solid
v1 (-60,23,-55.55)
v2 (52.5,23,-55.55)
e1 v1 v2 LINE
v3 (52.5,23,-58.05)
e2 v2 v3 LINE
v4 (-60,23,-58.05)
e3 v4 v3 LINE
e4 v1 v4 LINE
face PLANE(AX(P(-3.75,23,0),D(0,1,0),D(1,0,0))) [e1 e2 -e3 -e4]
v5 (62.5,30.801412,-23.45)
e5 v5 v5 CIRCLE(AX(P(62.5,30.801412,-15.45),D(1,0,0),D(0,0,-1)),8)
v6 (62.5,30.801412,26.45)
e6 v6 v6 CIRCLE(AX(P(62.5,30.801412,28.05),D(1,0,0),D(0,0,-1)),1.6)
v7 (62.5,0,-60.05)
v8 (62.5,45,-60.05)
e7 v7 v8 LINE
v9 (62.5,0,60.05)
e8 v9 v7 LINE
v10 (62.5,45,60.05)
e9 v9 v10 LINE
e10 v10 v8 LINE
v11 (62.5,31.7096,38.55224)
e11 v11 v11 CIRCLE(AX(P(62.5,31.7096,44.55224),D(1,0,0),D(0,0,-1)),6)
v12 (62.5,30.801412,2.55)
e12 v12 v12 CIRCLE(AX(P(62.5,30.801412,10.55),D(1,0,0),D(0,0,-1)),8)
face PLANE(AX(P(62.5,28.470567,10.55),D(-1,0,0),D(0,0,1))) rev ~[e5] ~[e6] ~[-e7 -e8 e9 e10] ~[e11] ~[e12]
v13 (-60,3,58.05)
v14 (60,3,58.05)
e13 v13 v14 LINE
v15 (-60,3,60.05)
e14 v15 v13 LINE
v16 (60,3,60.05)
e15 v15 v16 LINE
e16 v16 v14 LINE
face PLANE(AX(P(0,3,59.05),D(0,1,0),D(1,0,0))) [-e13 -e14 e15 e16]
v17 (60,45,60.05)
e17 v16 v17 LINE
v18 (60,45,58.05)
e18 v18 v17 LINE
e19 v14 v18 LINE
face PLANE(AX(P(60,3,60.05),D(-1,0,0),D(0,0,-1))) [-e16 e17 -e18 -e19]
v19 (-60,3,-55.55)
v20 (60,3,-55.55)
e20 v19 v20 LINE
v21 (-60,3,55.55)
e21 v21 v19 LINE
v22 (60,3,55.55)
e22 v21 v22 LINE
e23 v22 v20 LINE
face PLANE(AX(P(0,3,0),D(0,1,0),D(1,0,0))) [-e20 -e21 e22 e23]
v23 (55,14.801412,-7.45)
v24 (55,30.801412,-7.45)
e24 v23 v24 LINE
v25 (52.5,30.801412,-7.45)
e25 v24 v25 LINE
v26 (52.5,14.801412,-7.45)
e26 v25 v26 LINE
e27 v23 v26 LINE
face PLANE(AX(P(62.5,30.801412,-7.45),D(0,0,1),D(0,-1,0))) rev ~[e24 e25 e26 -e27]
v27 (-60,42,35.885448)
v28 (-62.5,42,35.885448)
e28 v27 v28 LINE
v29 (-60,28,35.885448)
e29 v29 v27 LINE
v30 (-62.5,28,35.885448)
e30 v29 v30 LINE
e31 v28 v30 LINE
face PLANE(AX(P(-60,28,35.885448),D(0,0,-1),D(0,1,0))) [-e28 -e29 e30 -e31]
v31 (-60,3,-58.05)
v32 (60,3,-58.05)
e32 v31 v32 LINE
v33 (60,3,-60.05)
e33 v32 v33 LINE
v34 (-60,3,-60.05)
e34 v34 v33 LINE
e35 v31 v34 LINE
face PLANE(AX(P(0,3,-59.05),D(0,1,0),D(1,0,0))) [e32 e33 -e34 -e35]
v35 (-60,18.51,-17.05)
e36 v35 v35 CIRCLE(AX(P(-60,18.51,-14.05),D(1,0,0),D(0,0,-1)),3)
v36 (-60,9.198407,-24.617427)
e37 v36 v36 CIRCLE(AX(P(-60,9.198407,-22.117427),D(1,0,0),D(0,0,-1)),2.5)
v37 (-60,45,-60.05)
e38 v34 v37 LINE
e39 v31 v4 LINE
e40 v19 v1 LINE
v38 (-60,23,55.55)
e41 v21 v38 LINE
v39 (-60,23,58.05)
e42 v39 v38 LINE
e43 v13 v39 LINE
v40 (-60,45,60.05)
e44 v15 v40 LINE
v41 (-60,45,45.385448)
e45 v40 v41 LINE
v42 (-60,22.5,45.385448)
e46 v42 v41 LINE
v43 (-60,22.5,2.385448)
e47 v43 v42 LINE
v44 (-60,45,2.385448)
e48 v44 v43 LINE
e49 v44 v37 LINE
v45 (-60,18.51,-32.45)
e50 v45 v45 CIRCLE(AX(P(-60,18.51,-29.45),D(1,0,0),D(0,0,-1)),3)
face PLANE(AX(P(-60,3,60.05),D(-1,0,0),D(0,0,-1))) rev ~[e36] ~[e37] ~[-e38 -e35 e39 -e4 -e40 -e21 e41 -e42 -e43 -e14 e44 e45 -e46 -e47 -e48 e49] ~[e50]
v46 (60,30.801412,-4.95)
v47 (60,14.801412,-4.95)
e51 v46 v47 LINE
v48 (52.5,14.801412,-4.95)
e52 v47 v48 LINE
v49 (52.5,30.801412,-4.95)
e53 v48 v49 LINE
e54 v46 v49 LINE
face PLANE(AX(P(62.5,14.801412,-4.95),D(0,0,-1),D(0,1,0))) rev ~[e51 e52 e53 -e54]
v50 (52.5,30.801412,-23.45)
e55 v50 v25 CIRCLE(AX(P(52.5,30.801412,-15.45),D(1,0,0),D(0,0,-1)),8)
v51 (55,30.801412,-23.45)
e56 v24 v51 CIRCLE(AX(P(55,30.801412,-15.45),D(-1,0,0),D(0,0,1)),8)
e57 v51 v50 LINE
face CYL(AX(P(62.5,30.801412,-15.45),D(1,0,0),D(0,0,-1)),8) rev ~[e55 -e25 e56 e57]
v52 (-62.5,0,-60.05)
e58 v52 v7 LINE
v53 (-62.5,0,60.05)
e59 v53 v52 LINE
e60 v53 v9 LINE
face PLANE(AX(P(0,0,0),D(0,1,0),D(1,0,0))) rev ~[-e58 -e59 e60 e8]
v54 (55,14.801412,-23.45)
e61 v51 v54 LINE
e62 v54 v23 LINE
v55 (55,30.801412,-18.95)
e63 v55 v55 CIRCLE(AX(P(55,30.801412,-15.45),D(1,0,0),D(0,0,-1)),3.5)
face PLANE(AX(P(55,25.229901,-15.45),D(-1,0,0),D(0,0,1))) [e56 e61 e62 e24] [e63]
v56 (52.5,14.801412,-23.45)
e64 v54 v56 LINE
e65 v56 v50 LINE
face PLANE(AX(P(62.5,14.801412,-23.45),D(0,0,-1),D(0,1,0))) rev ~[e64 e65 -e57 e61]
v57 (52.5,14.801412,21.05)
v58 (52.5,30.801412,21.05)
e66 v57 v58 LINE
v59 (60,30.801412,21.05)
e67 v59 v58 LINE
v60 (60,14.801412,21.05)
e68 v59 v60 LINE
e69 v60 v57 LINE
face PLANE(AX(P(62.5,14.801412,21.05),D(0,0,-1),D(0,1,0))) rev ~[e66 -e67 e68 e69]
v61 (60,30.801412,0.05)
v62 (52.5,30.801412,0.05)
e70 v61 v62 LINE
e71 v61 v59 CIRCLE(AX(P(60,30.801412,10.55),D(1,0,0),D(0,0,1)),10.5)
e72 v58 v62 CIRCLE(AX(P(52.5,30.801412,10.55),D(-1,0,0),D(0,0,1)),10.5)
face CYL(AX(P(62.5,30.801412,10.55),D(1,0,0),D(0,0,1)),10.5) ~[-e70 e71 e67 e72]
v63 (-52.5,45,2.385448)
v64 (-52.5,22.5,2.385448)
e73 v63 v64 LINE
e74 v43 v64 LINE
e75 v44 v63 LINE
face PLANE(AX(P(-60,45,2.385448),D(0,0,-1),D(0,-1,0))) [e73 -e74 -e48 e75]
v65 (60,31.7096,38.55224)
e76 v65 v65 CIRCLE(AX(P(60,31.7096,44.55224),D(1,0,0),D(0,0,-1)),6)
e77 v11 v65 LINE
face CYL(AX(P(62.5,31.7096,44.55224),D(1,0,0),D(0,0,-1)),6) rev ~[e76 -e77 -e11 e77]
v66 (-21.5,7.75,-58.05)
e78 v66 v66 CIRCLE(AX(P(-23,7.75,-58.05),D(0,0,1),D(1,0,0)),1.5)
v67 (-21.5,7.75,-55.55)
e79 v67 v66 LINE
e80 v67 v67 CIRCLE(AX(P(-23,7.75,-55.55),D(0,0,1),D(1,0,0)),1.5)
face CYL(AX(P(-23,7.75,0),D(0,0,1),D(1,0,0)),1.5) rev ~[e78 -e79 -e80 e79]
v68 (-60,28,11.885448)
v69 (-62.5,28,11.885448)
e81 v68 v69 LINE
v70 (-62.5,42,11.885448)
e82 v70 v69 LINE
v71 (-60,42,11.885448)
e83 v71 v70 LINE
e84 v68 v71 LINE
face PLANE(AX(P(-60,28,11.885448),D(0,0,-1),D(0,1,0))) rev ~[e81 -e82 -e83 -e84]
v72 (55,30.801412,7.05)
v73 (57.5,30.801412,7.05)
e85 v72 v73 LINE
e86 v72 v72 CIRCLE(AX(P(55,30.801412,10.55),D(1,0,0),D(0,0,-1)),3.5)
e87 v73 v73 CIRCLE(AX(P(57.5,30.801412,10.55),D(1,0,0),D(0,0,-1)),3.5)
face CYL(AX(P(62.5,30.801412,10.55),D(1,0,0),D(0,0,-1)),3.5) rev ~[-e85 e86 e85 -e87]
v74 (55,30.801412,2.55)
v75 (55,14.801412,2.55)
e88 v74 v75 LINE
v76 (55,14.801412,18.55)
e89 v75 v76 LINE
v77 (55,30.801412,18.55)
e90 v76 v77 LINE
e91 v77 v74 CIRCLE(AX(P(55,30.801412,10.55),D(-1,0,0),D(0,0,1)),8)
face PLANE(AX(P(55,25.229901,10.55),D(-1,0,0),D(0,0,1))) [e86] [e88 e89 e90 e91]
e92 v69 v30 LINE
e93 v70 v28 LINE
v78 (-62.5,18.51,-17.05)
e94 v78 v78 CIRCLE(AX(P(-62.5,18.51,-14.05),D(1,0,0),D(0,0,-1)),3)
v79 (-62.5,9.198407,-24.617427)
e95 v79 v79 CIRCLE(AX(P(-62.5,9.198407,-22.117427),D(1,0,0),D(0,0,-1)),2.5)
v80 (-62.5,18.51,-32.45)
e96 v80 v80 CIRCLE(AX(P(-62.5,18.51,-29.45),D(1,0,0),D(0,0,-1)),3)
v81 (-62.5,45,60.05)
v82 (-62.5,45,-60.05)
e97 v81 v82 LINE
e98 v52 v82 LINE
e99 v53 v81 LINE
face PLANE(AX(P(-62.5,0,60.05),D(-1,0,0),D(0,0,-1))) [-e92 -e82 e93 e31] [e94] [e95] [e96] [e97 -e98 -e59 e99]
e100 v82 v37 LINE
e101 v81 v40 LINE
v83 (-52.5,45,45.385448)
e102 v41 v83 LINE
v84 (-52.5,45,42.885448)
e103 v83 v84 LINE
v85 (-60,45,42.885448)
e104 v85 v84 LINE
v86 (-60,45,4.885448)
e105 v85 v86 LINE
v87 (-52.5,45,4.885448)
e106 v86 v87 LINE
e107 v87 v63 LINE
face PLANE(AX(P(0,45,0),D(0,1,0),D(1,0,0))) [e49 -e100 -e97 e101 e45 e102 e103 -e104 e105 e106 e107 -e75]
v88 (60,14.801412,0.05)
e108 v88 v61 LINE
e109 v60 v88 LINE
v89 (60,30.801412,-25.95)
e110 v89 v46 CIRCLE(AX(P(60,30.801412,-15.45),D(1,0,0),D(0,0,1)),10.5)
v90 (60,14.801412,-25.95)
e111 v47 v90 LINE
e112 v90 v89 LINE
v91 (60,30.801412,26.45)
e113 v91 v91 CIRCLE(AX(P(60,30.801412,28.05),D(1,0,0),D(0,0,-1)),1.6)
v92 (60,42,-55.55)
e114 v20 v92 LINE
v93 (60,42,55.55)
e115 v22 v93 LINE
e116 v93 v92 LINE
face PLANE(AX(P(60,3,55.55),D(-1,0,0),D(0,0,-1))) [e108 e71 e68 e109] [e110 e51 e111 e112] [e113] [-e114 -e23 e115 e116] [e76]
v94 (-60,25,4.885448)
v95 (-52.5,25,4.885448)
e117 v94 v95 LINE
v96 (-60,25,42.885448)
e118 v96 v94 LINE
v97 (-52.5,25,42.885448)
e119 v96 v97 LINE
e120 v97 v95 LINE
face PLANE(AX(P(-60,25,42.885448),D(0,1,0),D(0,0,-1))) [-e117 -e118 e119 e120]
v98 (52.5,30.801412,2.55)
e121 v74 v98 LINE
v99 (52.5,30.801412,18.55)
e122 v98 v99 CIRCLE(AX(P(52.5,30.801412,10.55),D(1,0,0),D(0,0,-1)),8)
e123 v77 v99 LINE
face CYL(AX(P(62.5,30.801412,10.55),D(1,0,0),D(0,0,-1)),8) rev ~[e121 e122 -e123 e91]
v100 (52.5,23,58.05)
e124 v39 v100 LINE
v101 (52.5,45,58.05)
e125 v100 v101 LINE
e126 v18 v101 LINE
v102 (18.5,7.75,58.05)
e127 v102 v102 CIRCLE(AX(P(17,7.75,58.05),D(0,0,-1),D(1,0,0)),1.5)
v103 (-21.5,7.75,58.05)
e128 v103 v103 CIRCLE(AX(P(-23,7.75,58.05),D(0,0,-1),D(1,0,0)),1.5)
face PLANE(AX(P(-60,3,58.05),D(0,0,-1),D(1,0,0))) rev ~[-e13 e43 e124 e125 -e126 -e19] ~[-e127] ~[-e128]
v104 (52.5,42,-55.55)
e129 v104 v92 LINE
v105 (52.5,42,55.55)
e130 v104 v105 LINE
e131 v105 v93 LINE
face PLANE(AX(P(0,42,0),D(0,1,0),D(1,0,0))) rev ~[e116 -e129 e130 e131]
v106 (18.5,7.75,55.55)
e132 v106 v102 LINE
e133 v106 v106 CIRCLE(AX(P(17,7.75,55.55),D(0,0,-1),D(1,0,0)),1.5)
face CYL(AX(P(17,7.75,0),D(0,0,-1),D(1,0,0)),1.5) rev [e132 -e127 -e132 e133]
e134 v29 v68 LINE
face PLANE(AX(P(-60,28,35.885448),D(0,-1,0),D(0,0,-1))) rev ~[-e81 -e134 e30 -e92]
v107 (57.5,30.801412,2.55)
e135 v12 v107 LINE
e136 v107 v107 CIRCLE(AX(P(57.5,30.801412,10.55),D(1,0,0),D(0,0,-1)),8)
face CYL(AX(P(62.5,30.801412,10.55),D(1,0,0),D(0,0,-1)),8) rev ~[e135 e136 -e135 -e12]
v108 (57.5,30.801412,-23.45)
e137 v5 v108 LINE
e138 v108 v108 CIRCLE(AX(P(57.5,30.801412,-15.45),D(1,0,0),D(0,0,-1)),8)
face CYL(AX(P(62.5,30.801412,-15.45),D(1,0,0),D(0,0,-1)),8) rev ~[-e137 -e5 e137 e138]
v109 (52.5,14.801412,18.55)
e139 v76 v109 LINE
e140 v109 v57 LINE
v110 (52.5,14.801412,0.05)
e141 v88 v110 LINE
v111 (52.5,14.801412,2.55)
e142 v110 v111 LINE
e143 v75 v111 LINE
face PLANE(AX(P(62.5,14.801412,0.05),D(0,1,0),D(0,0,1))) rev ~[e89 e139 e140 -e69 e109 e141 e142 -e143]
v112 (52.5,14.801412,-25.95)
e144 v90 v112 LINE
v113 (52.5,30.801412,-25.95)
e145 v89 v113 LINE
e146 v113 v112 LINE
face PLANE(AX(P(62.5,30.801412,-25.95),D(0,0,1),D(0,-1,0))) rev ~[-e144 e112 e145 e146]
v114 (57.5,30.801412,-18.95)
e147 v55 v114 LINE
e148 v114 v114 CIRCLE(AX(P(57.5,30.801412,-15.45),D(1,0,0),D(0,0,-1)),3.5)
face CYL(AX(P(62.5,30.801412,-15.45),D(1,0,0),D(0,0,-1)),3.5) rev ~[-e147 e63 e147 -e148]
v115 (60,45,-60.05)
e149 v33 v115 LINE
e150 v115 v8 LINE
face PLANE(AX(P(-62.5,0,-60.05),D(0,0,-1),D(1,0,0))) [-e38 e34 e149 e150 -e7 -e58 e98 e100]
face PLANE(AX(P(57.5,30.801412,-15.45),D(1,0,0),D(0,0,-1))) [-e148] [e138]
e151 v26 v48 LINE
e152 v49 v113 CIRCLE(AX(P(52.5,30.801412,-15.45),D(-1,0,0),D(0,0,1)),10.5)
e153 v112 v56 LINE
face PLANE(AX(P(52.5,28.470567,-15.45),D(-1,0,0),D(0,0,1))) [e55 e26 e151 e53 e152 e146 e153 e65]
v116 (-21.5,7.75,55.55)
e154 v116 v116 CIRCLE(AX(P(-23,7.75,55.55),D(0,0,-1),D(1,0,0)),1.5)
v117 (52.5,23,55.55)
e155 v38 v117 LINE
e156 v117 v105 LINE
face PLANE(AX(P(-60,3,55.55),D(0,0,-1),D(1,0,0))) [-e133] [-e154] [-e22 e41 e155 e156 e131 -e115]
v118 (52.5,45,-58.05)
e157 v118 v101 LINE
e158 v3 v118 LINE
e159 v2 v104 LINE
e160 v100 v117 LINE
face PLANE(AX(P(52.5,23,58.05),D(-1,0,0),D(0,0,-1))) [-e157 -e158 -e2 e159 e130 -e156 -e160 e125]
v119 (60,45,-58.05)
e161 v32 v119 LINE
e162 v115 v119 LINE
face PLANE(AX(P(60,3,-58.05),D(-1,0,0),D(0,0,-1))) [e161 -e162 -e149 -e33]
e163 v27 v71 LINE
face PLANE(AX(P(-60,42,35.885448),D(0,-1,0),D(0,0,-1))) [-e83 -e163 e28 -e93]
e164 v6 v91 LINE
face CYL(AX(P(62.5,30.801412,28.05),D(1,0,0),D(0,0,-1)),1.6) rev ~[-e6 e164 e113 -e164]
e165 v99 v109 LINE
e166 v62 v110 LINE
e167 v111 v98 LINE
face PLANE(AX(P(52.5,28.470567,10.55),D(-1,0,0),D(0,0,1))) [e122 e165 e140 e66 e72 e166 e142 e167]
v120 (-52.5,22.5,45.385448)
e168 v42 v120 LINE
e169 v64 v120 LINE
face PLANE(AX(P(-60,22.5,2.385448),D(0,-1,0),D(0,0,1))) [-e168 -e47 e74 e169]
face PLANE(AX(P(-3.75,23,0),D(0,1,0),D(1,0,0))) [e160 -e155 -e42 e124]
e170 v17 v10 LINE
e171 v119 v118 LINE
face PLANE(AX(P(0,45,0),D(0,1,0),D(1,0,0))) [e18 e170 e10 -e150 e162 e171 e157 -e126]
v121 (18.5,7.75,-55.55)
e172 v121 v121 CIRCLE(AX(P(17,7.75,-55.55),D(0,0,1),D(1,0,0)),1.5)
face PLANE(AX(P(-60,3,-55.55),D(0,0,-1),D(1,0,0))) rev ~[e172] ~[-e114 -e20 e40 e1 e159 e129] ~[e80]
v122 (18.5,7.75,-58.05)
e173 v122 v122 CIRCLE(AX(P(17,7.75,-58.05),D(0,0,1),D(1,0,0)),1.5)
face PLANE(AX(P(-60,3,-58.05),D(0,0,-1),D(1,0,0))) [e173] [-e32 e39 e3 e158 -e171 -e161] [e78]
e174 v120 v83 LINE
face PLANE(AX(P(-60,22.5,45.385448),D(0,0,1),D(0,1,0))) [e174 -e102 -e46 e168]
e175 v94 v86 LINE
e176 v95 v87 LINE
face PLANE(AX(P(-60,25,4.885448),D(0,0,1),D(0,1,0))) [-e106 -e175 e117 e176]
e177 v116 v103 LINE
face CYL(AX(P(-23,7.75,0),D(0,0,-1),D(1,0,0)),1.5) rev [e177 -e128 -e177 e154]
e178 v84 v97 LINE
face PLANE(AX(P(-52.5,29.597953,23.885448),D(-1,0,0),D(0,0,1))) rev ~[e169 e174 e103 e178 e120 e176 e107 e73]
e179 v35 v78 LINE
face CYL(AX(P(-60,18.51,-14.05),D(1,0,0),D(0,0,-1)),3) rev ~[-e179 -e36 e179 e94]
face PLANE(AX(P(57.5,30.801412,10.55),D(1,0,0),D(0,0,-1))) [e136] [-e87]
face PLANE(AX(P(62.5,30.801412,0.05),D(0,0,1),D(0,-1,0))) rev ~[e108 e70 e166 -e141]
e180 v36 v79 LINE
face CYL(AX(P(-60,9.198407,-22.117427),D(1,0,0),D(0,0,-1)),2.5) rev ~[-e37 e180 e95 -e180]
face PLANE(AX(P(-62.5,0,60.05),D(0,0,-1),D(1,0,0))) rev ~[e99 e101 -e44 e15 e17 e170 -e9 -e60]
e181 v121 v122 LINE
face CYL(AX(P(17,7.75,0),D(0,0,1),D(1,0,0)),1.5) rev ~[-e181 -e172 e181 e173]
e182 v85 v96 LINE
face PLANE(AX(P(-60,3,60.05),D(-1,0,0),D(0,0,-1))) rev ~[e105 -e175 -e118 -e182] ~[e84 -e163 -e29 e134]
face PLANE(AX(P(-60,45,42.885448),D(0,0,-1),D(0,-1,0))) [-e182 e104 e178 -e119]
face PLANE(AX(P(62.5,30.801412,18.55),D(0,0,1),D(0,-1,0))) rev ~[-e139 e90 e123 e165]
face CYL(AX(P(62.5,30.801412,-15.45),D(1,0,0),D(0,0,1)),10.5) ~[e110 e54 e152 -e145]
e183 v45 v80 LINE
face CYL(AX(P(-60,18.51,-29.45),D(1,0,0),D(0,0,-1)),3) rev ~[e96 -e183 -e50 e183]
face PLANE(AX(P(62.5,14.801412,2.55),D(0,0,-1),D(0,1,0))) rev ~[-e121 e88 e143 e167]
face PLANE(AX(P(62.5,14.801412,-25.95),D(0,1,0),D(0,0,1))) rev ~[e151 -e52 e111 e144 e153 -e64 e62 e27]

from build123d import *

# Parameters (mm, degrees)
SKETCH2_W                = 125
SKETCH2_H                = 120.1
BOSS_EXTRUDE1_DEPTH      = 45
SKETCH3_W                = 120
SKETCH3_H                = 111.1
CUT_EXTRUDE1_DEPTH       = 39
SKETCH4_W                = 120
SKETCH4_H                = 2
CUT_EXTRUDE3_DEPTH       = 43
LPATTERN1_COUNT          = 2
LPATTERN1_PITCH          = 118.1
SKETCH9_W                = 112.5
SKETCH9_H                = 116.1
CUT_EXTRUDE6_DEPTH       = 23
SKETCH11_R               = 3
CUT_EXTRUDE7_DEPTH       = 3.5
SKETCH15_R               = 2.5
CUT_EXTRUDE9_DEPTH       = 3.5
SKETCH13_W               = 24
SKETCH13_H               = 14
CUT_EXTRUDE10_DEPTH      = 3.5
BOSS_EXTRUDE3_DEPTH      = 7.5
BOSS_EXTRUDE4_DEPTH      = 10
LPATTERN3_COUNT          = 2
LPATTERN3_PITCH          = 26
SKETCH22_R               = 3.5
CUT_EXTRUDE11_DEPTH      = 10
LPATTERN4_COUNT          = 2
LPATTERN4_PITCH          = 26
SKETCH23_R               = 1.6
CUT_EXTRUDE12_DEPTH      = 10
SKETCH26_R               = 3.5
BOSS_EXTRUDE10_DEPTH     = 7.5
LPATTERN9_COUNT          = 2
LPATTERN9_PITCH          = 26
SKETCH27_R               = 6
CUT_EXTRUDE13_DEPTH      = 7.5
SKETCH28_R               = 1.5
CUT_EXTRUDE14_DEPTH      = 61.05
CUT_EXTRUDE14_DEPTH_BACK = 61.05
SKETCH30_R               = 8
CUT_EXTRUDE15_DEPTH      = 5
LPATTERN10_COUNT         = 2
LPATTERN10_PITCH         = 26


with BuildPart() as part:
    # Sketch2 → Boss-Extrude1 (new body)
    with BuildSketch(Plane(origin=(0, 0, 0), x_dir=(1, 0, 0), z_dir=(0, 1, 0))):
        Rectangle(SKETCH2_W, SKETCH2_H)
    extrude(amount=BOSS_EXTRUDE1_DEPTH)

    # Sketch3 → Cut-Extrude1 (cut)
    with BuildSketch(Plane(origin=(0, 3, 0), x_dir=(1, 0, 0), z_dir=(0, 1, 0))):
        Rectangle(SKETCH3_W, SKETCH3_H)
    extrude(amount=CUT_EXTRUDE1_DEPTH, mode=Mode.SUBTRACT)

    # Sketch4 → Cut-Extrude3 (cut, through all)
    with BuildSketch(Plane(origin=(0, 3, 0), x_dir=(1, 0, 0), z_dir=(0, 1, 0))):
        with Locations((0, -59.05)):
            Rectangle(SKETCH4_W, SKETCH4_H)
    cut_extrude3 = extrude(amount=CUT_EXTRUDE3_DEPTH, mode=Mode.SUBTRACT)

    # LPattern1: Cut-Extrude3 ×2
    with Locations(*[(0, 0, -i * LPATTERN1_PITCH) for i in range(1, LPATTERN1_COUNT)]):
        add(cut_extrude3, mode=Mode.SUBTRACT)

    # Sketch9 → Cut-Extrude6 (cut, through all)
    with BuildSketch(Plane(origin=(0, 23, 0), x_dir=(1, 0, 0), z_dir=(0, 1, 0))):
        with Locations((-3.75, 0)):
            Rectangle(SKETCH9_W, SKETCH9_H)
    extrude(amount=CUT_EXTRUDE6_DEPTH, mode=Mode.SUBTRACT)

    # Sketch11 → Cut-Extrude7 (cut, through all)
    with BuildSketch(Plane(origin=(-60, 0, 0), x_dir=(0, 0, -1), z_dir=(1, 0, 0))):
        with Locations((29.45, 18.51)):
            Circle(SKETCH11_R)
        with Locations((14.05, 18.51)):
            Circle(SKETCH11_R)
    extrude(amount=-CUT_EXTRUDE7_DEPTH, mode=Mode.SUBTRACT)

    # Sketch15 → Cut-Extrude9 (cut, through all)
    with BuildSketch(Plane(origin=(-60, 0, 0), x_dir=(0, 0, -1), z_dir=(1, 0, 0))):
        with Locations((22.117427494, 9.198406991)):
            Circle(SKETCH15_R)
    extrude(amount=-CUT_EXTRUDE9_DEPTH, mode=Mode.SUBTRACT)

    # Sketch13 → Cut-Extrude10 (cut, through all)
    with BuildSketch(Plane(origin=(-60, 0, 0), x_dir=(0, 0, -1), z_dir=(1, 0, 0))):
        with Locations((-23.885447562, 35)):
            Rectangle(SKETCH13_W, SKETCH13_H)
    extrude(amount=-CUT_EXTRUDE10_DEPTH, mode=Mode.SUBTRACT)

    # Sketch17 → Boss-Extrude3 (add)
    with BuildSketch(Plane(origin=(-60, 0, 0), x_dir=(0, 0, -1), z_dir=(1, 0, 0))):
        Polygon((-42.885447562, 45), (-42.885447562, 25), (-4.885447562, 25), (-4.885447562, 45), (-2.385447562, 45), (-2.385447562, 22.5), (-45.385447562, 22.5), (-45.385447562, 45), align=None)
    extrude(amount=BOSS_EXTRUDE3_DEPTH)

    # Sketch18 → Boss-Extrude4 (add)
    with BuildSketch(Plane(origin=(62.5, 0, 0), x_dir=(0, 0, -1), z_dir=(1, 0, 0))):
        with BuildLine():
            Line((7.45, 30.801411804), (7.45, 14.801411804))
            Line((7.45, 14.801411804), (4.95, 14.801411804))
            Line((4.95, 14.801411804), (4.95, 30.801411804))
            ThreePointArc((4.95, 30.801411804), (15.45, 41.301411804), (25.95, 30.801411804))
            Line((25.95, 30.801411804), (25.95, 14.801411804))
            Line((25.95, 14.801411804), (23.45, 14.801411804))
            Line((23.45, 14.801411804), (23.45, 30.801411804))
            ThreePointArc((23.45, 30.801411804), (15.45, 38.801411804), (7.45, 30.801411804))
        make_face()
    boss_extrude4 = extrude(amount=-BOSS_EXTRUDE4_DEPTH)

    # LPattern3: Boss-Extrude4 ×2
    with Locations(*[(0, 0, i * LPATTERN3_PITCH) for i in range(1, LPATTERN3_COUNT)]):
        add(boss_extrude4)

    # Sketch22 → Cut-Extrude11 (cut)
    with BuildSketch(Plane(origin=(62.5, 0, 0), x_dir=(0, 0, -1), z_dir=(1, 0, 0))):
        with Locations((15.45, 30.801411804)):
            Circle(SKETCH22_R)
    cut_extrude11 = extrude(amount=-CUT_EXTRUDE11_DEPTH, mode=Mode.SUBTRACT)

    # LPattern4: Cut-Extrude11 ×2
    with Locations(*[(0, 0, i * LPATTERN4_PITCH) for i in range(1, LPATTERN4_COUNT)]):
        add(cut_extrude11, mode=Mode.SUBTRACT)

    # Sketch23 → Cut-Extrude12 (cut)
    with BuildSketch(Plane(origin=(62.5, 0, 0), x_dir=(0, 0, -1), z_dir=(1, 0, 0))):
        with Locations((-28.05, 30.801411804)):
            Circle(SKETCH23_R)
    extrude(amount=-CUT_EXTRUDE12_DEPTH, mode=Mode.SUBTRACT)

    # Sketch26 → Boss-Extrude10 (add)
    with BuildSketch(Plane(origin=(62.5, 0, 0), x_dir=(0, 0, -1), z_dir=(1, 0, 0))):
        with BuildLine():
            Line((23.45, 14.801411804), (7.45, 14.801411804))
            Line((7.45, 14.801411804), (7.45, 30.801411804))
            ThreePointArc((7.45, 30.801411804), (15.45, 38.801411804), (23.45, 30.801411804))
            Line((23.45, 30.801411804), (23.45, 14.801411804))
        make_face()
        with Locations((15.45, 30.801411804)):
            Circle(SKETCH26_R, mode=Mode.SUBTRACT)
    boss_extrude10 = extrude(amount=-BOSS_EXTRUDE10_DEPTH)

    # LPattern9: Boss-Extrude10 ×2
    with Locations(*[(0, 0, i * LPATTERN9_PITCH) for i in range(1, LPATTERN9_COUNT)]):
        add(boss_extrude10)

    # Sketch27 → Cut-Extrude13 (cut)
    with BuildSketch(Plane(origin=(62.5, 0, 0), x_dir=(0, 0, -1), z_dir=(1, 0, 0))):
        with Locations((-44.552239633, 31.709599536)):
            Circle(SKETCH27_R)
    extrude(amount=-CUT_EXTRUDE13_DEPTH, mode=Mode.SUBTRACT)

    # Sketch28 → Cut-Extrude14 (cut, two sides)
    with BuildSketch(Plane.XY) as cut_extrude14_sk:
        with Locations((-23, 7.75)):
            Circle(SKETCH28_R)
        with Locations((17, 7.75)):
            Circle(SKETCH28_R)
    extrude(amount=CUT_EXTRUDE14_DEPTH, mode=Mode.SUBTRACT)
    extrude(cut_extrude14_sk.sketch, amount=-CUT_EXTRUDE14_DEPTH_BACK, mode=Mode.SUBTRACT)

    # Sketch30 → Cut-Extrude15 (cut)
    with BuildSketch(Plane(origin=(62.5, 0, 0), x_dir=(0, 0, -1), z_dir=(1, 0, 0))):
        with Locations((15.45, 30.801411804)):
            Circle(SKETCH30_R)
    cut_extrude15 = extrude(amount=-CUT_EXTRUDE15_DEPTH, mode=Mode.SUBTRACT)

    # LPattern10: Cut-Extrude15 ×2
    with Locations(*[(0, 0, i * LPATTERN10_PITCH) for i in range(1, LPATTERN10_COUNT)]):
        add(cut_extrude15, mode=Mode.SUBTRACT)


solid = part.part
